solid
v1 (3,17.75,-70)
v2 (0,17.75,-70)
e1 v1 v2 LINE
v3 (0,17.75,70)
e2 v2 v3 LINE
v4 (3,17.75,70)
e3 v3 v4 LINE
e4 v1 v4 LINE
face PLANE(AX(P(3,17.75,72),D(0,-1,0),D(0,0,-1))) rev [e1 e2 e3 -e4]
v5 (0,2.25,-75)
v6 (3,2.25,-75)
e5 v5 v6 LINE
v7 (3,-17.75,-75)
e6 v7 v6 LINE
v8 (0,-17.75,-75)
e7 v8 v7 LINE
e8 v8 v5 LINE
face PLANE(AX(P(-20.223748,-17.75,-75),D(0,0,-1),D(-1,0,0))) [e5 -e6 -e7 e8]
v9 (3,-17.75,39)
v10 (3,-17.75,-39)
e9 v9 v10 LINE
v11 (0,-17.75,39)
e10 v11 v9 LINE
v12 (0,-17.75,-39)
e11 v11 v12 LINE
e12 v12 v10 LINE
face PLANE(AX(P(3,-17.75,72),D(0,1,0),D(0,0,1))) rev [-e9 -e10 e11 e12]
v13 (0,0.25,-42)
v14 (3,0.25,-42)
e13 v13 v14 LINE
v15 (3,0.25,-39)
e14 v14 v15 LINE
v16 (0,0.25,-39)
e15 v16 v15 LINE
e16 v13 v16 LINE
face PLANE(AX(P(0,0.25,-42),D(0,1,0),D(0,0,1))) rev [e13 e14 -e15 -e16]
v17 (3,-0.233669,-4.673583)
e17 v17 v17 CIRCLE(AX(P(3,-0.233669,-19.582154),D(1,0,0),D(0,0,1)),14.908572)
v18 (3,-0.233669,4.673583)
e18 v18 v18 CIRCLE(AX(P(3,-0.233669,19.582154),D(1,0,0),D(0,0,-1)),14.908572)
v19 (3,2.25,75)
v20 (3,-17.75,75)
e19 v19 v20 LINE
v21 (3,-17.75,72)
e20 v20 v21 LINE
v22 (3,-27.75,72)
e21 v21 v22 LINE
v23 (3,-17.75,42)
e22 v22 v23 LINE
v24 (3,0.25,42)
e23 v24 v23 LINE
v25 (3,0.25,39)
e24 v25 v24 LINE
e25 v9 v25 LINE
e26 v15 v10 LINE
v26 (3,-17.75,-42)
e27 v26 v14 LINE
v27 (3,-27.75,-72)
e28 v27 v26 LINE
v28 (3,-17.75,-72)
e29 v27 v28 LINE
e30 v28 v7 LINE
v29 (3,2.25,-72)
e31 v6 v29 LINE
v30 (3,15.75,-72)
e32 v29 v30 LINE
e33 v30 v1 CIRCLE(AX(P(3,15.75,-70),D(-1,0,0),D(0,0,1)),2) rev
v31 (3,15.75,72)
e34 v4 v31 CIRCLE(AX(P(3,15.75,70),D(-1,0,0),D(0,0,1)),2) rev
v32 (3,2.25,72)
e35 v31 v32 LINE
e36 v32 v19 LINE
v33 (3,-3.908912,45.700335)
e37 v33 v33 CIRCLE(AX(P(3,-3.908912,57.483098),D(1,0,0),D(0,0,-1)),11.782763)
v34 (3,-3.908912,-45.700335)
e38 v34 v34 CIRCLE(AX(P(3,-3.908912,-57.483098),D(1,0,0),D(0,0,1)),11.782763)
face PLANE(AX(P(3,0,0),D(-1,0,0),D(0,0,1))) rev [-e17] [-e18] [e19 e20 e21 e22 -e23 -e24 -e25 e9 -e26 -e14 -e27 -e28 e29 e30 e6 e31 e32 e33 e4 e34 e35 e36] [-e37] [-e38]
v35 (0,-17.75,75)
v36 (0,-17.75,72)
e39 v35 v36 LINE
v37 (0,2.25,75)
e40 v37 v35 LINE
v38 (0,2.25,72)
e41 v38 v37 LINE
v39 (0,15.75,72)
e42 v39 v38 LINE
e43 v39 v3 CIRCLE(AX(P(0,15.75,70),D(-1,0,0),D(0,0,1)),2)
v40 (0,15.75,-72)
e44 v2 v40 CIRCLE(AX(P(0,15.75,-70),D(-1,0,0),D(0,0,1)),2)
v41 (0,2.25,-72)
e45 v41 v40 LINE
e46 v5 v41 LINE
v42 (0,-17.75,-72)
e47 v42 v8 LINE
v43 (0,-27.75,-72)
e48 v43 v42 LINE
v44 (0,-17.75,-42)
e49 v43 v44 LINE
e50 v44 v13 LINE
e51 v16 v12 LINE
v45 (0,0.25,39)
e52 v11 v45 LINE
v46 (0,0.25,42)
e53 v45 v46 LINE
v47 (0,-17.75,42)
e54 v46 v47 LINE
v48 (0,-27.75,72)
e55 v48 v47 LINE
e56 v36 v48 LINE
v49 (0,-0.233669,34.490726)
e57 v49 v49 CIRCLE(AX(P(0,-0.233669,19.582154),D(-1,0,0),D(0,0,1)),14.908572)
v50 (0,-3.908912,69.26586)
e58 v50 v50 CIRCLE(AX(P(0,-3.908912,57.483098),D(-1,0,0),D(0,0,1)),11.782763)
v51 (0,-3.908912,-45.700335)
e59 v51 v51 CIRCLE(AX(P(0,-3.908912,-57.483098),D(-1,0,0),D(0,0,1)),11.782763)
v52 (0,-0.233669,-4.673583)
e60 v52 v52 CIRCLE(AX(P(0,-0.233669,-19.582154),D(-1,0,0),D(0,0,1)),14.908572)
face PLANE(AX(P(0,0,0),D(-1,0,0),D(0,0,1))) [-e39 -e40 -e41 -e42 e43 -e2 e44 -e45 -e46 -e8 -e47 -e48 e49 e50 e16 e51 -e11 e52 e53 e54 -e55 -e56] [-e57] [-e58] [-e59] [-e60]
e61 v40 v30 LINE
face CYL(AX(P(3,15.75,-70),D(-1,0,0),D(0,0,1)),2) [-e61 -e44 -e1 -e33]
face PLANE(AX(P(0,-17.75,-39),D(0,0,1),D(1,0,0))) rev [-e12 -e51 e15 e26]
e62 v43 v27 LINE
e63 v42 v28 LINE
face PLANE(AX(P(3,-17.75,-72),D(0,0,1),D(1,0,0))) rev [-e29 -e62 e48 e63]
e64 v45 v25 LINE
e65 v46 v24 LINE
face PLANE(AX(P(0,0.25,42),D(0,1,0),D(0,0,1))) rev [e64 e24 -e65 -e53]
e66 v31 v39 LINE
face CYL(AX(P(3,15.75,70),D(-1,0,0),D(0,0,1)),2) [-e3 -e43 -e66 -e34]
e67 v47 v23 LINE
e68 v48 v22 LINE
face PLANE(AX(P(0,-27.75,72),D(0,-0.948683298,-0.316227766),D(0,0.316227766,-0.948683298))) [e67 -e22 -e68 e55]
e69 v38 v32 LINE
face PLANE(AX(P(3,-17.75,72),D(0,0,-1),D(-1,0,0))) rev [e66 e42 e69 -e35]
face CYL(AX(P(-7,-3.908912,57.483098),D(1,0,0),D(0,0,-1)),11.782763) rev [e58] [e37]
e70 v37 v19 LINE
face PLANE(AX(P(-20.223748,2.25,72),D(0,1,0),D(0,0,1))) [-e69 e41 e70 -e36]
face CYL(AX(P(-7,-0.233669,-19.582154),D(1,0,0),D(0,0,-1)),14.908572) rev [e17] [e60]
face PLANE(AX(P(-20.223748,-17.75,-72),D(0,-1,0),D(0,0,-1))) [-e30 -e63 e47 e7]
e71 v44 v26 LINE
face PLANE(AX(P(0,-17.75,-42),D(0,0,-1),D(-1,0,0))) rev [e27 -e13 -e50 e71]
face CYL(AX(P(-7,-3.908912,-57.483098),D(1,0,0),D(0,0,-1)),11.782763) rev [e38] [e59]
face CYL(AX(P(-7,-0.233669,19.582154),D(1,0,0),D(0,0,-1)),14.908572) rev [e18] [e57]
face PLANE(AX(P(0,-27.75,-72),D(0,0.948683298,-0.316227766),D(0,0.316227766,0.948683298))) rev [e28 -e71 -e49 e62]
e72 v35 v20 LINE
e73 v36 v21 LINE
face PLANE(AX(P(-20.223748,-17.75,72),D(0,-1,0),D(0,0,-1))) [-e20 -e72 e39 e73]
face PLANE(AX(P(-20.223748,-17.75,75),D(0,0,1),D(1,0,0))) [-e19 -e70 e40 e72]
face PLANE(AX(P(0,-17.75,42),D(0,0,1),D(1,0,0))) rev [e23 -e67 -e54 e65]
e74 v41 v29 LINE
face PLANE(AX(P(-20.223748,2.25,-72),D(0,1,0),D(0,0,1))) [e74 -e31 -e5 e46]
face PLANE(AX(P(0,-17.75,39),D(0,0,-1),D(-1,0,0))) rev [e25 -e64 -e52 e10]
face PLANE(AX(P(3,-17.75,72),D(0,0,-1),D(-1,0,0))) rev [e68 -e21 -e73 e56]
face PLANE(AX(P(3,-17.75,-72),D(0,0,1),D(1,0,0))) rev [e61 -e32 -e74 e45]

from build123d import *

# Parameters (mm, degrees)
SKETCH1_W           = 144
SKETCH1_H           = 35.5
BOSS_EXTRUDE1_DEPTH = 3
FILLET1_R           = 2
SKETCH2_W           = 3
SKETCH2_H           = 18
CUT_EXTRUDE1_DEPTH  = 3
BOSS_EXTRUDE2_DEPTH = 3
SKETCH4_W           = 3
SKETCH4_H           = 20
BOSS_EXTRUDE3_DEPTH = 3
SKETCH6_R           = 11.782762771
SKETCH6_R_2         = 14.90857156
CUT_EXTRUDE2_DEPTH  = 10


with BuildPart() as part:
    # Sketch1 → Boss-Extrude1 (new body)
    with BuildSketch(Plane(origin=(0, 0, 0), x_dir=(0, 0, -1), z_dir=(1, 0, 0))):
        Rectangle(SKETCH1_W, SKETCH1_H)
    extrude(amount=BOSS_EXTRUDE1_DEPTH)

    # Fillet1
    fillet1_edges = [part.edges().sort_by_distance(p)[0] for p in [
        (1.5, 17.75, 72),
        (1.5, 17.75, -72),
    ]]
    fillet(fillet1_edges, radius=FILLET1_R)

    # Sketch2 → Cut-Extrude1 (cut)
    with BuildSketch(Plane(origin=(3, 0, 0), x_dir=(0, 0, -1), z_dir=(1, 0, 0))):
        with Locations((-40.5, -8.75)):
            Rectangle(SKETCH2_W, SKETCH2_H)
        with Locations((40.5, -8.75)):
            Rectangle(SKETCH2_W, SKETCH2_H)
    extrude(amount=-CUT_EXTRUDE1_DEPTH, mode=Mode.SUBTRACT)

    # Sketch3 → Boss-Extrude2 (add)
    with BuildSketch(Plane(origin=(3, 0, 0), x_dir=(0, 0, -1), z_dir=(1, 0, 0))):
        Polygon((-72, -17.75), (-72, -27.75), (-42, -17.75), align=None)
    boss_extrude2 = extrude(amount=-BOSS_EXTRUDE2_DEPTH)

    # Mirror1: Boss-Extrude2 across plane
    add(boss_extrude2.mirror(Plane.XY))

    # Sketch4 → Boss-Extrude3 (add)
    with BuildSketch(Plane(origin=(3, 0, 0), x_dir=(0, 0, -1), z_dir=(1, 0, 0))):
        with Locations((-73.5, -7.75)):
            Rectangle(SKETCH4_W, SKETCH4_H)
        with Locations((73.5, -7.75)):
            Rectangle(SKETCH4_W, SKETCH4_H)
    extrude(amount=-BOSS_EXTRUDE3_DEPTH)

    # Sketch6 → Cut-Extrude2 (cut)
    with BuildSketch(Plane(origin=(3, 0, 0), x_dir=(0, 0, -1), z_dir=(1, 0, 0))):
        with Locations((-57.483097662, -3.908912232)):
            Circle(SKETCH6_R)
        with Locations((-19.582154149, -0.233669225)):
            Circle(SKETCH6_R_2)
        with Locations((57.483097662, -3.908912232)):
            Circle(SKETCH6_R)
        with Locations((19.582154149, -0.233669225)):
            Circle(SKETCH6_R_2)
    extrude(amount=-CUT_EXTRUDE2_DEPTH, mode=Mode.SUBTRACT)


solid = part.part
